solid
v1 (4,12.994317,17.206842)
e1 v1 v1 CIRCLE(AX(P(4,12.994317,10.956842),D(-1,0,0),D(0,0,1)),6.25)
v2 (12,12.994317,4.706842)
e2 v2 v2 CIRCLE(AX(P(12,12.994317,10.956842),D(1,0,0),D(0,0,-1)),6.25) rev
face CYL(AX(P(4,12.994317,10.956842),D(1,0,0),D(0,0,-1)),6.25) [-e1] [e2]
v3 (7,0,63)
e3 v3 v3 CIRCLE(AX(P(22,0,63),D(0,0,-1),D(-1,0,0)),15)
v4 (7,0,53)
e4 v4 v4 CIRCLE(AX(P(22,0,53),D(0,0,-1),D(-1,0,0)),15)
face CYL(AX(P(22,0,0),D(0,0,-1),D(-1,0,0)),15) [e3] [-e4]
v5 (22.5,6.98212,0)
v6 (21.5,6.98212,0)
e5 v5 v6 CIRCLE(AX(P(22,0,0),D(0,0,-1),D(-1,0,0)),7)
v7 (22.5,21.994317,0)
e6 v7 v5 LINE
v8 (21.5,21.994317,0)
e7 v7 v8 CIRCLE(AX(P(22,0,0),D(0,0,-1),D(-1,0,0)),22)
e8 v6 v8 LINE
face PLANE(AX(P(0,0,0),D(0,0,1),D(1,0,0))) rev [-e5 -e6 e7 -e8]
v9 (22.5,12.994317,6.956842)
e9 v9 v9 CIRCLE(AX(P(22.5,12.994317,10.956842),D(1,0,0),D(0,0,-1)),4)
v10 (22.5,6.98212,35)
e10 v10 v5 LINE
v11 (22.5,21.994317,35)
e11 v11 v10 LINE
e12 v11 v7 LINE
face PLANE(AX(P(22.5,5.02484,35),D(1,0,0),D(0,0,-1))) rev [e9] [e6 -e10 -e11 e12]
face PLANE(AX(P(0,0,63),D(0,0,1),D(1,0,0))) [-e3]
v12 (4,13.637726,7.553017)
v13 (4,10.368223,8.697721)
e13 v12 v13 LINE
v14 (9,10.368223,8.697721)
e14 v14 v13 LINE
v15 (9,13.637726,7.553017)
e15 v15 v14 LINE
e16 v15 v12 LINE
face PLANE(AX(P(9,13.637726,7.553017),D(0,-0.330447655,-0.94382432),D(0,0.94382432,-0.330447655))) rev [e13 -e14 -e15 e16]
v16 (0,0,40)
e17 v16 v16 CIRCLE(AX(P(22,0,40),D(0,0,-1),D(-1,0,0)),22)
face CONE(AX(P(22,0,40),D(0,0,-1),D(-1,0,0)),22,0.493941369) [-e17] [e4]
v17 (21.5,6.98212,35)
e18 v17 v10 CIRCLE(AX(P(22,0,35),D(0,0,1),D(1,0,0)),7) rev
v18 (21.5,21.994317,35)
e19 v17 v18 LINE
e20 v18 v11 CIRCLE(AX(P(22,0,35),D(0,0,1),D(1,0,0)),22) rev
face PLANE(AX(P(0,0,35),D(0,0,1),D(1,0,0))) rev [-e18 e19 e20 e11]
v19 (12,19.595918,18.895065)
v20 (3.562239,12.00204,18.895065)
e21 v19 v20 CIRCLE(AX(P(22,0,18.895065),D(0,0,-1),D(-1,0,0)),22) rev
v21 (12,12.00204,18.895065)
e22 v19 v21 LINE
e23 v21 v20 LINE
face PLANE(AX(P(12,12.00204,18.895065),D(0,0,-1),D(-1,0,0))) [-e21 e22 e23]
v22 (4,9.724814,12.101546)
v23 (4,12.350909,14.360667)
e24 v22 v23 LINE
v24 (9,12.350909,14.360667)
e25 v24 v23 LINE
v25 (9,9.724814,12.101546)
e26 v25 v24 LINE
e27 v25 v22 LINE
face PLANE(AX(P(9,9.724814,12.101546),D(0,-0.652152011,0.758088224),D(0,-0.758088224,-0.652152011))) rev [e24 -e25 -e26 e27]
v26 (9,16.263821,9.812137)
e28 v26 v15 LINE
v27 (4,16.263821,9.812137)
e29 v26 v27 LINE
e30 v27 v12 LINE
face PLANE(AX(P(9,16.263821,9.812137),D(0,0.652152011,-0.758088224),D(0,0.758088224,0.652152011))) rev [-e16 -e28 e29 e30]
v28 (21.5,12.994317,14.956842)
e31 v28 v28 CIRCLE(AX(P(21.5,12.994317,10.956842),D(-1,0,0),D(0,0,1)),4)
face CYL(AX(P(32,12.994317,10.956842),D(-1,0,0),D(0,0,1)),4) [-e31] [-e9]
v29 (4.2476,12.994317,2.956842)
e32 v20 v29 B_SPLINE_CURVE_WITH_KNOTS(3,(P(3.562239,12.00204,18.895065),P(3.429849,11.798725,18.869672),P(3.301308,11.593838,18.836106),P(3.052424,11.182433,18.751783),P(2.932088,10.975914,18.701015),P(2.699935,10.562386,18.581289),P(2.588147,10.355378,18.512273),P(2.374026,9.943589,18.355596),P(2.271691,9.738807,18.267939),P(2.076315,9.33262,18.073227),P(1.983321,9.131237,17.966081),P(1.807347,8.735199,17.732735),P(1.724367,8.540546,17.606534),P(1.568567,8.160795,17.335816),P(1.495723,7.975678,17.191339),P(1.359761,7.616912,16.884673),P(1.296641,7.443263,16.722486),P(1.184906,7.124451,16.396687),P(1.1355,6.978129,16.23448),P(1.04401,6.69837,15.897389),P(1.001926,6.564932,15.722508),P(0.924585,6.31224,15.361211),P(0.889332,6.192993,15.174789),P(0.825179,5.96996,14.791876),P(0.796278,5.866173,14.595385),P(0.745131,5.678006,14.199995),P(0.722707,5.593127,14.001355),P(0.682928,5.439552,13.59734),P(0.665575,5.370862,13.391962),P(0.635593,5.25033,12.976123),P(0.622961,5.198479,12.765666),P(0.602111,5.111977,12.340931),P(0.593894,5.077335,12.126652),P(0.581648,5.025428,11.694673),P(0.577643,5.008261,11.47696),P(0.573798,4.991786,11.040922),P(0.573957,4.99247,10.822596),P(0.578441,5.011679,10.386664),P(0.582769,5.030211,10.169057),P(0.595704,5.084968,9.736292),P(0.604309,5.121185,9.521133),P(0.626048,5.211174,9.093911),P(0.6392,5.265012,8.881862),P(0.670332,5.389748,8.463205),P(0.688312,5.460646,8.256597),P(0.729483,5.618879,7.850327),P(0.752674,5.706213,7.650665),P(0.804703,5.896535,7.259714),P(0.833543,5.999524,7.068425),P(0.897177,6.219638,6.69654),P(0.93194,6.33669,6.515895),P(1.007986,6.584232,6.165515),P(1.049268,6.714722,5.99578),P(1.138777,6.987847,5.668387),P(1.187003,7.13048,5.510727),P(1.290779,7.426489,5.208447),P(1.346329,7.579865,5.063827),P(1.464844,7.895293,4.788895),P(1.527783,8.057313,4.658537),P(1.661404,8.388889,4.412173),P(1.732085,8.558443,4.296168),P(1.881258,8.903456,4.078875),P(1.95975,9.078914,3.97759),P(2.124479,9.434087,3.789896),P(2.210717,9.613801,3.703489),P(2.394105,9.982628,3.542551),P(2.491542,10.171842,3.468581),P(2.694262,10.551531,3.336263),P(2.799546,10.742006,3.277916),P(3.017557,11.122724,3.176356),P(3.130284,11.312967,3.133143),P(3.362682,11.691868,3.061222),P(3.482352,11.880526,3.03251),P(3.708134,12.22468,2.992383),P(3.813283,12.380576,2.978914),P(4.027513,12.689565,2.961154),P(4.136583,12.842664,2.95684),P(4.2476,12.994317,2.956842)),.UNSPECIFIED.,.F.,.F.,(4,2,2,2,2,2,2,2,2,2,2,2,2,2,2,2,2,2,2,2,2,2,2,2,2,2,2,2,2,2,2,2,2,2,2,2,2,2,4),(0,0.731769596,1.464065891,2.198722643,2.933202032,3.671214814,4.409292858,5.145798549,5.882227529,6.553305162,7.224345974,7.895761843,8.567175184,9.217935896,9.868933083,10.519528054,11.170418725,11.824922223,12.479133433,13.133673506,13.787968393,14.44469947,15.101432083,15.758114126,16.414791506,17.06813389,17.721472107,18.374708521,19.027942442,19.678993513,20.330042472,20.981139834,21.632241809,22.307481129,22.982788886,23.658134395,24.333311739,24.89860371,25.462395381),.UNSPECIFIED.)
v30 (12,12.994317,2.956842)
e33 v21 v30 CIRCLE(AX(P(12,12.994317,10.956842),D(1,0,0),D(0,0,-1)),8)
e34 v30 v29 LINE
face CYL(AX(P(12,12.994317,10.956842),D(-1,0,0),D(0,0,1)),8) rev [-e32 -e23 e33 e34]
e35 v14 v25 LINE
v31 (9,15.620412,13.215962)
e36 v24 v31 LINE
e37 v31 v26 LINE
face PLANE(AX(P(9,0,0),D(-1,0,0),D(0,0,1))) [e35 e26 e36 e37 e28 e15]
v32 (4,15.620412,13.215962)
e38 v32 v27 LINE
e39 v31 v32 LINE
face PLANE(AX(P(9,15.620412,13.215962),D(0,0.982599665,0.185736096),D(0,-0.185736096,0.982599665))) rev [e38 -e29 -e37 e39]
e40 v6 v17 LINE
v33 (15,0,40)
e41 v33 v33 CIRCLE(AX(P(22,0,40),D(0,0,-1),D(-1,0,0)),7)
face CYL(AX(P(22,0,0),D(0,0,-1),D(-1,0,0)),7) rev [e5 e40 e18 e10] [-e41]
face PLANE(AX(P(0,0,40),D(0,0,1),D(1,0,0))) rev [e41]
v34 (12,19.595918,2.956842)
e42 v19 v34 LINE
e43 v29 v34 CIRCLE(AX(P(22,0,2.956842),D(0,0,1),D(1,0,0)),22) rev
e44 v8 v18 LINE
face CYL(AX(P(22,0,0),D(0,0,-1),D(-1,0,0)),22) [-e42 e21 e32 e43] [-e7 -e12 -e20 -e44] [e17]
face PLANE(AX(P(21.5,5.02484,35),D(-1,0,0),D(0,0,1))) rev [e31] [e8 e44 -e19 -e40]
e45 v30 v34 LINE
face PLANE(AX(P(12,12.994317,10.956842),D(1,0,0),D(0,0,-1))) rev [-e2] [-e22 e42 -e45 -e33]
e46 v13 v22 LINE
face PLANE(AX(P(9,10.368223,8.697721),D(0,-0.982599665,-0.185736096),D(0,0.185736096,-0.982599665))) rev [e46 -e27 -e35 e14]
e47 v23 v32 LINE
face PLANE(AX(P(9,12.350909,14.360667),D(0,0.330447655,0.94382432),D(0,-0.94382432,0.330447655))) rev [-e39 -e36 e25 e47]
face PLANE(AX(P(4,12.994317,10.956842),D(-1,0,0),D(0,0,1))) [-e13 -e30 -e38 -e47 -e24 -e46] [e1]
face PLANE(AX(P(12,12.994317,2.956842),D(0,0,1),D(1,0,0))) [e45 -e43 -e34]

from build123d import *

# Parameters (mm, degrees)
SZKIC3_W                    = 1
SZKIC3_H                    = 17.528511895
WYTNIJ_WYCI_GNI_CIE1_DEPTH  = 35
WYTNIJ_WYCI_GNI_CIE4_DEPTH  = 12
SZKIC10_R                   = 6.25
DODANIE_WYCI_GNI_CIE5_DEPTH = 8
WYTNIJ_WYCI_GNI_CIE5_DEPTH  = 5
SZKIC12_R                   = 4
DODANIE_WYCI_GNI_CIE6_DEPTH = 23


with BuildPart() as part:
    # Szkic2 → Obrót1 (revolve)
    with BuildSketch(Plane(origin=(0, 0, 0), x_dir=(1, 0, 0), z_dir=(0, 1, 0))):
        Polygon((0, 0), (0, -40), (7, -53), (7, -63), (22, -63), (22, -40), (15, -40), (15, 0), align=None)
    revolve(axis=Axis((22, 0, 0), (0, 0, 1)))

    # Szkic3 → Wytnij-wyciągnięcie1 (cut)
    with BuildSketch(Plane(origin=(0, 0, 0), x_dir=(-1, 0, 0), z_dir=(0, 0, -1))):
        with Locations((-22, 13.789096025)):
            Rectangle(SZKIC3_W, SZKIC3_H)
    extrude(amount=-WYTNIJ_WYCI_GNI_CIE1_DEPTH, mode=Mode.SUBTRACT)

    # Szkic9 → Wytnij-wyciągnięcie4 (cut)
    with BuildSketch(Plane(origin=(0, 0, 0), x_dir=(0, 0, -1), z_dir=(1, 0, 0))):
        with BuildLine():
            Line((-2.956841624, 12.994317448), (-2.956841624, 31.011341841))
            Line((-2.956841624, 31.011341841), (-18.895064638, 31.011341841))
            Line((-18.895064638, 31.011341841), (-18.895064638, 12.002039571))
            ThreePointArc((-18.895064638, 12.002039571), (-10.459742092, 5.009776631), (-2.956841624, 12.994317448))
        make_face()
    extrude(amount=WYTNIJ_WYCI_GNI_CIE4_DEPTH, mode=Mode.SUBTRACT)

    # Szkic10 → Dodanie-wyciągnięcie5 (add)
    with BuildSketch(Plane.ZY.offset(-12)):
        with Locations(Location((10.956841624, 12.994317448, 0), (0, 0, 180))):
            Circle(SZKIC10_R)
    extrude(amount=DODANIE_WYCI_GNI_CIE5_DEPTH)

    # Szkic11 → Wytnij-wyciągnięcie5 (cut)
    with BuildSketch(Plane.ZY.offset(-4)):
        Polygon((14.360666712, 12.350908736), (13.215962457, 15.620412088), (9.812137369, 16.2638208), (7.553016536, 13.63772616), (8.697720791, 10.368222807), (12.101545879, 9.724814096), align=None)
    extrude(amount=-WYTNIJ_WYCI_GNI_CIE5_DEPTH, mode=Mode.SUBTRACT)

    # Szkic12 → Dodanie-wyciągnięcie6 (add)
    with BuildSketch(Plane.ZY.offset(-9)):
        with Locations((10.956841624, 12.994317448)):
            Circle(SZKIC12_R)
    extrude(amount=-DODANIE_WYCI_GNI_CIE6_DEPTH)


solid = part.part
